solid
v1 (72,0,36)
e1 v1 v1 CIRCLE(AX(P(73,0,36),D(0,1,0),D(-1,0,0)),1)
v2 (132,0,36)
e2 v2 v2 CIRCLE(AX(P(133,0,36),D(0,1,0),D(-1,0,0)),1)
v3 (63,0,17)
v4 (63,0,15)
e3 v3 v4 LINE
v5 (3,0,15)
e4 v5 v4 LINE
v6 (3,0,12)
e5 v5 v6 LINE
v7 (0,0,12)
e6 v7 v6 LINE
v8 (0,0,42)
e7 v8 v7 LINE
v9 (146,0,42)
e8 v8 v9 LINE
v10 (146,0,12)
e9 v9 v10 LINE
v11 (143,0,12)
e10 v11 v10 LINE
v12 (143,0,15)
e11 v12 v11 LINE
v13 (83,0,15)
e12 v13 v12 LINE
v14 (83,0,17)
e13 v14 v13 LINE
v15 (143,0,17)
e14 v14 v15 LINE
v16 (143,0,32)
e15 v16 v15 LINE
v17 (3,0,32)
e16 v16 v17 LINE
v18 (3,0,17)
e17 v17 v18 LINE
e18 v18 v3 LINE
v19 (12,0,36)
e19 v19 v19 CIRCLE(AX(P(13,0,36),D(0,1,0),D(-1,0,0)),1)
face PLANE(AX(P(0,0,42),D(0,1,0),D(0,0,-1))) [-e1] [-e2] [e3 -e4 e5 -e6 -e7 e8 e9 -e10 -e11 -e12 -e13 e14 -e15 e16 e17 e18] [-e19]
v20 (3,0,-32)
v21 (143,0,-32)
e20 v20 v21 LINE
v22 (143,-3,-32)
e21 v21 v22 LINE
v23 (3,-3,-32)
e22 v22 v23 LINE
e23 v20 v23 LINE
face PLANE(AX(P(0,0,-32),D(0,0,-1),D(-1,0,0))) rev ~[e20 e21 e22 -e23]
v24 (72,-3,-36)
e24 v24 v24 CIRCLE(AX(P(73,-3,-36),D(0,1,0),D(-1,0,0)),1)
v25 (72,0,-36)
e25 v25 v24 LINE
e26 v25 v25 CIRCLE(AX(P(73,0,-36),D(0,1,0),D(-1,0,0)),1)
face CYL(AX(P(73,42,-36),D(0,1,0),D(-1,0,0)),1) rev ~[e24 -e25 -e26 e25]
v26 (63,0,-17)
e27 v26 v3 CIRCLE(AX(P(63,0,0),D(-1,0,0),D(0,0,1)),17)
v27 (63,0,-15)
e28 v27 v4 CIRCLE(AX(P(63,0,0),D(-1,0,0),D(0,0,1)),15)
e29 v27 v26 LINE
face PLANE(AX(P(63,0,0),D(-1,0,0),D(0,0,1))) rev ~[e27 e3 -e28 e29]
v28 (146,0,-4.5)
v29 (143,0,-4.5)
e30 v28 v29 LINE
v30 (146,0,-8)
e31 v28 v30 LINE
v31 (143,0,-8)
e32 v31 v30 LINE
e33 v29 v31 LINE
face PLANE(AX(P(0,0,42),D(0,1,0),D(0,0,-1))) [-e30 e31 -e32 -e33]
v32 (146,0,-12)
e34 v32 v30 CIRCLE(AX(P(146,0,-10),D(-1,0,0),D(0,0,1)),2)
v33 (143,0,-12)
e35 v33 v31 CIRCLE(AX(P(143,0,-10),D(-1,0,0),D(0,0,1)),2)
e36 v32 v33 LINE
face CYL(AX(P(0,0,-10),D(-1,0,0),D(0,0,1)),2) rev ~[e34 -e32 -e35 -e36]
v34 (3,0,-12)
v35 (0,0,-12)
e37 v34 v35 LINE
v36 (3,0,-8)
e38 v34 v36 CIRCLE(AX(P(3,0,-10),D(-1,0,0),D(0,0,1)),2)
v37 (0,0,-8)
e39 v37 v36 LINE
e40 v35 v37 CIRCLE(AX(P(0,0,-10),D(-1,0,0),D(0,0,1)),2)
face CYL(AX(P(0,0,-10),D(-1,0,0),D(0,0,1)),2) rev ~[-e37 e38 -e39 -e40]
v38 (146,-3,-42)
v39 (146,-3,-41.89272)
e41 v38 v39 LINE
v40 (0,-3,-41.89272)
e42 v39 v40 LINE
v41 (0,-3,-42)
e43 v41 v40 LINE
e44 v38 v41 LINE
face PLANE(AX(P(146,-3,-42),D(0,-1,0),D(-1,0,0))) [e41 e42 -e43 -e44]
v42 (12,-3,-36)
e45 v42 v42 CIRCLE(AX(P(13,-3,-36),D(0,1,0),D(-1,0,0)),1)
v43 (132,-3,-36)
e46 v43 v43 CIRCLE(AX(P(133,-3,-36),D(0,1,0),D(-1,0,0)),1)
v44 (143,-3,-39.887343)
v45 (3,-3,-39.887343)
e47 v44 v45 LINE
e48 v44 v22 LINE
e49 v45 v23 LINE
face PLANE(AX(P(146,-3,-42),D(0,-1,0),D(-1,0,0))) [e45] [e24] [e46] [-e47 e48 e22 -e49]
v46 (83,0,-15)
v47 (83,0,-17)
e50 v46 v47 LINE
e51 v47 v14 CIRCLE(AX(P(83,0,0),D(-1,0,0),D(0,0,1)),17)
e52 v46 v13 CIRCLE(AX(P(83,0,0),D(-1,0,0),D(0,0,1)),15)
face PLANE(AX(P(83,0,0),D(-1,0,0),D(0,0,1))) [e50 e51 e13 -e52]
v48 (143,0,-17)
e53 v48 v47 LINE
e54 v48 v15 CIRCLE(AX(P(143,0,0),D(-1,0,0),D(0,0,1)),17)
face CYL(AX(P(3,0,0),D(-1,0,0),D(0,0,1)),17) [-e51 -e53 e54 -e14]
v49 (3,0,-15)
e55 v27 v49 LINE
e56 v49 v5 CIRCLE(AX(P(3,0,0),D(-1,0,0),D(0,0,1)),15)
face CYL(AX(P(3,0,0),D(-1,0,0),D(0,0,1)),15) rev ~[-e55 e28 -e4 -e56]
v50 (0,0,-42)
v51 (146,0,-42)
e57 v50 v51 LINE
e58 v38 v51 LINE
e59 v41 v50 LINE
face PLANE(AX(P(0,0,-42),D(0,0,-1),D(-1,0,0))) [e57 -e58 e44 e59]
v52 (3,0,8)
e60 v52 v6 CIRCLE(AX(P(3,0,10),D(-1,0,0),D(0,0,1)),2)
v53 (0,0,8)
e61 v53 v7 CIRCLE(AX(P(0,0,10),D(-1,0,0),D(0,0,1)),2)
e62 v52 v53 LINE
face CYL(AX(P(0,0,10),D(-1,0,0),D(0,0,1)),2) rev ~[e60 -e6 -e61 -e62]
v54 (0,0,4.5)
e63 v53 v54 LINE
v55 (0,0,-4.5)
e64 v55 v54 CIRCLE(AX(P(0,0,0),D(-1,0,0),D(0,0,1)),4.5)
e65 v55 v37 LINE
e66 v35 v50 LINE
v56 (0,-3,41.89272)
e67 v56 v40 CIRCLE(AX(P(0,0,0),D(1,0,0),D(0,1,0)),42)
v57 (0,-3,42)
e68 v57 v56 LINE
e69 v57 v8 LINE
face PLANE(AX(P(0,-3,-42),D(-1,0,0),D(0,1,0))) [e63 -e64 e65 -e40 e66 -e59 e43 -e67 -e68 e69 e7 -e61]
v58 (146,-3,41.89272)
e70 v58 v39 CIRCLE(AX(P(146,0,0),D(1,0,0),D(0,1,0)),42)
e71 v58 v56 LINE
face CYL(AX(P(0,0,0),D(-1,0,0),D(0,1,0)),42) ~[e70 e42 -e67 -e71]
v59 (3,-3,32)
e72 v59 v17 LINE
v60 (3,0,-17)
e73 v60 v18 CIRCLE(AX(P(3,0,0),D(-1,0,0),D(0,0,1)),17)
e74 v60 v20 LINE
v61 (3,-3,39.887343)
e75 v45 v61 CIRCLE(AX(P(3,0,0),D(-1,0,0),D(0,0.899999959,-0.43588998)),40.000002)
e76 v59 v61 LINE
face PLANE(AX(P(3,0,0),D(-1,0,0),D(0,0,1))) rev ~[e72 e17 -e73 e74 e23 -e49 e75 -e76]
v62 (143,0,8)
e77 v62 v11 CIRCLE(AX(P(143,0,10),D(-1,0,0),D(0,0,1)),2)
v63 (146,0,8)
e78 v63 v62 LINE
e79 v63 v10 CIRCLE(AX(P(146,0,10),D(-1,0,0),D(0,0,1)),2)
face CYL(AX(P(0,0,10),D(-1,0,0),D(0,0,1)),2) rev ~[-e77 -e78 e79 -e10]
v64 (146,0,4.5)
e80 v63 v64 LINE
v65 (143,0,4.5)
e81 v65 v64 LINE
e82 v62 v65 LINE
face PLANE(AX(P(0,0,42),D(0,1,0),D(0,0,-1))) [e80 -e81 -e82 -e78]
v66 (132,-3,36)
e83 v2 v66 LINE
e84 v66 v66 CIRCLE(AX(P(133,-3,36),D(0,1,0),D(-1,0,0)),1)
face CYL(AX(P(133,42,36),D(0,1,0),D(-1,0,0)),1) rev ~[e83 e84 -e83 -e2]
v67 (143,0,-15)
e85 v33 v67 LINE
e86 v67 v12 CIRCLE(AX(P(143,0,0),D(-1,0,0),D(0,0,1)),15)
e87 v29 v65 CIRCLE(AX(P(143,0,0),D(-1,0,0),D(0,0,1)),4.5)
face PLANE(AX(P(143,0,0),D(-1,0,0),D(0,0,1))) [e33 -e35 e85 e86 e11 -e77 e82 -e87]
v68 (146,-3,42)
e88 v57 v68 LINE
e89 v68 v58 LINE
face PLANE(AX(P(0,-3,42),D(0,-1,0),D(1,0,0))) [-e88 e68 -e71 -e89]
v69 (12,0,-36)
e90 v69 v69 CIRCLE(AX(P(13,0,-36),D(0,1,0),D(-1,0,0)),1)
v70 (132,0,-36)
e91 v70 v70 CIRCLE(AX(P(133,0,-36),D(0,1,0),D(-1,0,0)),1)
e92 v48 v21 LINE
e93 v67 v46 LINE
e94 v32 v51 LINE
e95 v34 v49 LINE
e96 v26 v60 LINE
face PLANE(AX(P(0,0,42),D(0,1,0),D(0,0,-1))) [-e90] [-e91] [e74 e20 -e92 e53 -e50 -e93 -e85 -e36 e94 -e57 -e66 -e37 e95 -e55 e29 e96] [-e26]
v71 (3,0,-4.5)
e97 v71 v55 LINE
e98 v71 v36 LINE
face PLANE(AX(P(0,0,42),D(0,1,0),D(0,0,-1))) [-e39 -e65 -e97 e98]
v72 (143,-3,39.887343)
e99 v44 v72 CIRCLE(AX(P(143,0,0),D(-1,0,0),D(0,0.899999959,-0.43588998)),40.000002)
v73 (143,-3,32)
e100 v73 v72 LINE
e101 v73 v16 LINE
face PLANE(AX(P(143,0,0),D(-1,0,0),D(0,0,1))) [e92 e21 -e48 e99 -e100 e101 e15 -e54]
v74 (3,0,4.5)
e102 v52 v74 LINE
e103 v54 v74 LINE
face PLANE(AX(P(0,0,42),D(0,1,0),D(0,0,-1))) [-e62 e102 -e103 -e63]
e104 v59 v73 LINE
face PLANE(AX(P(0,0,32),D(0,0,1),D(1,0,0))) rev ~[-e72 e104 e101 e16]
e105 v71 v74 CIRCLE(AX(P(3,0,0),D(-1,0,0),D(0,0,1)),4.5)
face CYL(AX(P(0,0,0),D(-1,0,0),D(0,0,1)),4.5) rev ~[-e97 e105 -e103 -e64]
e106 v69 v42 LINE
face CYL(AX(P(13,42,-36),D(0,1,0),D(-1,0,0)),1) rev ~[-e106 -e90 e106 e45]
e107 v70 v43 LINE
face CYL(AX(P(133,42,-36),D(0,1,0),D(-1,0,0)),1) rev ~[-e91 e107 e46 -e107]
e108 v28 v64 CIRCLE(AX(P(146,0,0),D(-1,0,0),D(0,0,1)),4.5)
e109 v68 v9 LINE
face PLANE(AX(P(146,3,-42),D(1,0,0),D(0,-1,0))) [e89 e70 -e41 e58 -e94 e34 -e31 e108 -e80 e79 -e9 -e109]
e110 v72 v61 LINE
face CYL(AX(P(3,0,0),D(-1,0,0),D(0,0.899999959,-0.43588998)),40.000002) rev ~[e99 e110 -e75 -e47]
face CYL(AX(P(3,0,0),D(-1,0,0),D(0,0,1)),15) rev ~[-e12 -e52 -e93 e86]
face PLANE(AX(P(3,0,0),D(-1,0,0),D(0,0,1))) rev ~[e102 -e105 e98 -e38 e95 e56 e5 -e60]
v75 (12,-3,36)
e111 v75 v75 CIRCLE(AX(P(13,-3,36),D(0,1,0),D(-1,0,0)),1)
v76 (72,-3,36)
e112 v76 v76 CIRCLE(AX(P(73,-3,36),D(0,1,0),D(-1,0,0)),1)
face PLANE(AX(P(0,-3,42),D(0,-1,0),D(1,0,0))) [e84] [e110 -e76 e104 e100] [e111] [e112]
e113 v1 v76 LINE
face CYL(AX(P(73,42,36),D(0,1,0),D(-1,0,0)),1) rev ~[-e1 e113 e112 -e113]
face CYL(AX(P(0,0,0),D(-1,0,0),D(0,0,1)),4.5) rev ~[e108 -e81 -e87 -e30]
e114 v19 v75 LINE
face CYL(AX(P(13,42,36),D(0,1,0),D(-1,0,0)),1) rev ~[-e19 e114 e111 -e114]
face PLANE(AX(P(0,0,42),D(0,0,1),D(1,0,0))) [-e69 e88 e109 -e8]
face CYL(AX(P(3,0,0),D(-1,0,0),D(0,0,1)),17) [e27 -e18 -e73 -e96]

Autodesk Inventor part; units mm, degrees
ref_plane "YZ Plane" through (0, 0, 0) normal (1, 0, 0) x (0, 1, 0)
ref_plane "XZ Plane" through (0, 0, 0) normal (0, 1, 0) x (-1, 0, 0)
ref_plane "XY Plane" through (0, 0, 0) normal (0, 0, 1) x (1, 0, 0)
sketch "Szkic1" plane through (0, 0, 0) normal (1, 0, 0) x (0, 1, 0)
  circle A0 centre (0, 0) radius 42
  dimension "d0" = 84
extrude "Wyciągnięcie proste1" add sketch "Szkic1" along normal blind 146
ref_plane "Płaszczyzna konstrukcyjna1" through (3, 0, 0) normal (-1, 0, 0) x (0, 0, 1)
sketch "Szkic2" plane through (3, 0, 0) normal (-1, 0, 0) x (0, 0, 1)
  point P0 (0, 0)
sketch "Szkic3" plane through (3, 0, 0) normal (-1, 0, 0) x (0, 0, 1)
  circle A0 centre (0, 0) radius 17
  circle A1 centre (0, 0) radius 15
  arc A2 (-17.4356, 36) -> (17.4356, 36) centre (0, 0) ccw
  line L0 (17.4356, 36) -> (-17.4356, 36)
  dimension "d4" = 34
  dimension "d5" = 30
  dimension "d10" = 80
sketch "Szkic4" plane through (0, 0, 0) normal (-1, 0, 0) x (0, 0, 1)
  circle A0 centre (0, 0) radius 42 projected
  circle A1 centre (0, 0) radius 4.5
  circle A2 centre (10, 0) radius 2
  circle A3 centre (-10, 0) radius 2
  dimension "d6" = 9
extrude "Wyciągnięcie proste2" cut sketch "Szkic4" against normal blind 146 contours A1 | A2 | A3
extrude "Wyciągnięcie proste3" cut sketch "Szkic3" against normal blind 140
ref_plane "Płaszczyzna konstrukcyjna2" through (63, 0, 0) normal (-1, 0, 0) x (0, 0, 1)
sketch "Szkic6" plane through (63, 0, 0) normal (-1, 0, 0) x (0, 0, 1)
  circle A0 centre (0, 0) radius 17
extrude "Wyciągnięcie proste4" cut sketch "Szkic6" against normal blind 20
sketch "Szkic7" plane through (0, 0, 0) normal (-1, 0, 0) x (0, 0, 1)
  circle A0 centre (-10, 0) radius 2 projected
  circle A1 centre (10, 0) radius 2 projected
  circle A2 centre (0, 0) radius 4.5 projected
  circle A3 centre (0, 0) radius 42 projected
  point P0 (42, 0)
ref_plane "Płaszczyzna konstrukcyjna3" through (0, 0, 42) normal (0, 0, 1) x (1, 0, 0)
sketch "Szkic8" plane through (0, 0, 42) normal (0, 0, 1) x (1, 0, 0)
  line L0 (0, -4.5) -> (0, 4.5) projected
  line L1 (146, 3) -> (0, 3)
  line L2 (0, 3) -> (0, -3)
  line L3 (0, -3) -> (146, -3)
  line L4 (146, -3) -> (146, 3)
  line L5 (146, 3) -> (0, -3) construction
  line L6 (0, 3) -> (146, -3) construction
  point P0 (0, 0)
  point P1 (73, 0)
  dimension "d16" = 6
extrude "Wyciągnięcie proste5" add sketch "Szkic8" against normal blind 10
sketch "Szkic9" plane through (0, 0, 0) normal (-1, 0, 0) x (0, 0, 1)
  line L0 (42, 3) -> (42, -3) projected
  line L1 (42, 3) -> (41.8927, 3) projected
  arc A0 (41.8927, 3) -> (41.8927, -3) centre (0, 0) ccw projected
  line L2 (42, -3) -> (41.8927, -3) projected
  circle A1 centre (0, 0) radius 4.5 projected
  circle A2 centre (10, 0) radius 2 projected
  circle A3 centre (-10, 0) radius 2 projected
  point P0 (-42, 0)
ref_plane "Płaszczyzna konstrukcyjna4" through (0, 0, -42) normal (0, 0, -1) x (-1, 0, 0)
sketch "Szkic10" plane through (0, 0, -42) normal (0, 0, -1) x (-1, 0, 0)
  line L0 (-146, -3) -> (0, -3)
  line L1 (0, -3) -> (0, 3)
  line L2 (0, 3) -> (-146, 3)
  line L3 (-146, 3) -> (-146, -3)
  line L4 (-146, -3) -> (0, 3) construction
  line L5 (0, -3) -> (-146, 3) construction
  point P0 (0, 0)
  point P1 (-73, 0)
extrude "Wyciągnięcie proste6" add sketch "Szkic10" against normal blind 10
sketch "Szkic11" plane through (0, 0, 0) normal (-1, 0, 0) x (0, 0, 1)
  circle A0 centre (-10, 0) radius 2 projected
  circle A1 centre (10, 0) radius 2 projected
  circle A2 centre (0, 0) radius 4.5 projected
  line L0 (-42, -3) -> (-42, 3) projected
  line L1 (-42, -3) -> (-41.8927, -3) projected
  arc A3 (-41.8927, -3) -> (41.8927, -3) centre (0, 0) ccw projected
  line L2 (42, -3) -> (41.8927, -3) projected
  line L3 (42, 3) -> (42, -3) projected
  line L4 (42, 3) -> (41.8927, 3) projected
  arc A4 (41.8927, 3) -> (-41.8927, 3) centre (0, 0) ccw projected
  line L5 (-42, 3) -> (-41.8927, 3) projected
  arc A5 (41.8927, 3) -> (-41.8927, 3) centre (0, 0) ccw projected
  point P0 (0, 42)
ref_plane "Płaszczyzna konstrukcyjna5" through (0, 42, 0) normal (0, 1, 0) x (-1, 0, 0)
sketch "Szkic12" plane through (0, 42, 0) normal (0, 1, 0) x (-1, 0, 0)
  circle A0 centre (-73, -36) radius 1
  circle A1 centre (-133, -36) radius 1
  circle A2 centre (-13, -36) radius 1
  circle A3 centre (-13, 36) radius 1
  circle A4 centre (-73, 36) radius 1
  circle A5 centre (-133, 36) radius 1
  point P0 (0, 0)
extrude "Wyciągnięcie proste7" cut sketch "Szkic12" against normal blind 45
ref_plane "Płaszczyzna konstrukcyjna7" through (0, 38, 0) normal (0, 1, 0) x (-1, 0, 0)
sketch "Szkic16" plane through (0, 42, 0) normal (0, 1, 0) x (-1, 0, 0)
  line L0 (-110, -6) -> (-36, -6)
  line L1 (-36, -6) -> (-36, 1)
  line L2 (-42, 6) -> (-104, 6)
  line L3 (-110, 1) -> (-110, -6)
  line L4 (-110, -6) -> (-36, 6) construction
  line L5 (-36, -6) -> (-110, 6) construction
  line L6 (-2, -15) -> (-144, -15)
  line L7 (-144, -15) -> (-144, 15)
  line L8 (-144, 15) -> (-2, 15)
  line L9 (-2, 15) -> (-2, -15)
  line L10 (-2, -15) -> (-144, 15) construction
  line L11 (-144, -15) -> (-2, 15) construction
  line L12 (-110, 1) -> (-104, 1)
  line L13 (-104, 1) -> (-104, 6)
  line L14 (-36, 1) -> (-42, 1)
  line L15 (-42, 1) -> (-42, 6)
  point P0 (0, 0)
  point P1 (-73, 0)
  dimension "d36" = 74
  dimension "d37" = 12
extrude "Wyciągnięcie proste11" cut sketch "Szkic16" against normal blind 4.25 contours L3 L12 L13 L2 L15 L14 L1 L0
sketch "Szkic17" plane through (0, 38, 0) normal (0, 1, 0) x (-1, 0, 0)
  line L0 (-110.5, -6.5) -> (-35.5, -6.5)
  line L1 (-35.5, -6.5) -> (-35.5, 6.5)
  line L2 (-35.5, 6.5) -> (-110.5, 6.5)
  line L3 (-110.5, 6.5) -> (-110.5, -6.5)
  line L4 (-110.5, -6.5) -> (-35.5, 6.5) construction
  line L5 (-35.5, -6.5) -> (-110.5, 6.5) construction
  point P0 (0, 0)
  point P1 (-73, 0)
  dimension "d40" = 75
  dimension "d41" = 13
extrude "Wyciągnięcie proste12" cut sketch "Szkic17" along normal blind 0.5
sketch "Szkic18" plane through (0, 0, 0) normal (-1, 0, 0) x (0, 0, 1)
  line L0 (42, 3) -> (42, -3) projected
  line L1 (42, 0) -> (-42, 0)
  line L2 (-42, 0) -> (-42, 42)
  line L3 (-42, 42) -> (42, 42)
  line L4 (42, 42) -> (42, 0)
extrude "Wyciągnięcie proste13" cut sketch "Szkic18" against normal blind 146
properties part number "v1.0L"
